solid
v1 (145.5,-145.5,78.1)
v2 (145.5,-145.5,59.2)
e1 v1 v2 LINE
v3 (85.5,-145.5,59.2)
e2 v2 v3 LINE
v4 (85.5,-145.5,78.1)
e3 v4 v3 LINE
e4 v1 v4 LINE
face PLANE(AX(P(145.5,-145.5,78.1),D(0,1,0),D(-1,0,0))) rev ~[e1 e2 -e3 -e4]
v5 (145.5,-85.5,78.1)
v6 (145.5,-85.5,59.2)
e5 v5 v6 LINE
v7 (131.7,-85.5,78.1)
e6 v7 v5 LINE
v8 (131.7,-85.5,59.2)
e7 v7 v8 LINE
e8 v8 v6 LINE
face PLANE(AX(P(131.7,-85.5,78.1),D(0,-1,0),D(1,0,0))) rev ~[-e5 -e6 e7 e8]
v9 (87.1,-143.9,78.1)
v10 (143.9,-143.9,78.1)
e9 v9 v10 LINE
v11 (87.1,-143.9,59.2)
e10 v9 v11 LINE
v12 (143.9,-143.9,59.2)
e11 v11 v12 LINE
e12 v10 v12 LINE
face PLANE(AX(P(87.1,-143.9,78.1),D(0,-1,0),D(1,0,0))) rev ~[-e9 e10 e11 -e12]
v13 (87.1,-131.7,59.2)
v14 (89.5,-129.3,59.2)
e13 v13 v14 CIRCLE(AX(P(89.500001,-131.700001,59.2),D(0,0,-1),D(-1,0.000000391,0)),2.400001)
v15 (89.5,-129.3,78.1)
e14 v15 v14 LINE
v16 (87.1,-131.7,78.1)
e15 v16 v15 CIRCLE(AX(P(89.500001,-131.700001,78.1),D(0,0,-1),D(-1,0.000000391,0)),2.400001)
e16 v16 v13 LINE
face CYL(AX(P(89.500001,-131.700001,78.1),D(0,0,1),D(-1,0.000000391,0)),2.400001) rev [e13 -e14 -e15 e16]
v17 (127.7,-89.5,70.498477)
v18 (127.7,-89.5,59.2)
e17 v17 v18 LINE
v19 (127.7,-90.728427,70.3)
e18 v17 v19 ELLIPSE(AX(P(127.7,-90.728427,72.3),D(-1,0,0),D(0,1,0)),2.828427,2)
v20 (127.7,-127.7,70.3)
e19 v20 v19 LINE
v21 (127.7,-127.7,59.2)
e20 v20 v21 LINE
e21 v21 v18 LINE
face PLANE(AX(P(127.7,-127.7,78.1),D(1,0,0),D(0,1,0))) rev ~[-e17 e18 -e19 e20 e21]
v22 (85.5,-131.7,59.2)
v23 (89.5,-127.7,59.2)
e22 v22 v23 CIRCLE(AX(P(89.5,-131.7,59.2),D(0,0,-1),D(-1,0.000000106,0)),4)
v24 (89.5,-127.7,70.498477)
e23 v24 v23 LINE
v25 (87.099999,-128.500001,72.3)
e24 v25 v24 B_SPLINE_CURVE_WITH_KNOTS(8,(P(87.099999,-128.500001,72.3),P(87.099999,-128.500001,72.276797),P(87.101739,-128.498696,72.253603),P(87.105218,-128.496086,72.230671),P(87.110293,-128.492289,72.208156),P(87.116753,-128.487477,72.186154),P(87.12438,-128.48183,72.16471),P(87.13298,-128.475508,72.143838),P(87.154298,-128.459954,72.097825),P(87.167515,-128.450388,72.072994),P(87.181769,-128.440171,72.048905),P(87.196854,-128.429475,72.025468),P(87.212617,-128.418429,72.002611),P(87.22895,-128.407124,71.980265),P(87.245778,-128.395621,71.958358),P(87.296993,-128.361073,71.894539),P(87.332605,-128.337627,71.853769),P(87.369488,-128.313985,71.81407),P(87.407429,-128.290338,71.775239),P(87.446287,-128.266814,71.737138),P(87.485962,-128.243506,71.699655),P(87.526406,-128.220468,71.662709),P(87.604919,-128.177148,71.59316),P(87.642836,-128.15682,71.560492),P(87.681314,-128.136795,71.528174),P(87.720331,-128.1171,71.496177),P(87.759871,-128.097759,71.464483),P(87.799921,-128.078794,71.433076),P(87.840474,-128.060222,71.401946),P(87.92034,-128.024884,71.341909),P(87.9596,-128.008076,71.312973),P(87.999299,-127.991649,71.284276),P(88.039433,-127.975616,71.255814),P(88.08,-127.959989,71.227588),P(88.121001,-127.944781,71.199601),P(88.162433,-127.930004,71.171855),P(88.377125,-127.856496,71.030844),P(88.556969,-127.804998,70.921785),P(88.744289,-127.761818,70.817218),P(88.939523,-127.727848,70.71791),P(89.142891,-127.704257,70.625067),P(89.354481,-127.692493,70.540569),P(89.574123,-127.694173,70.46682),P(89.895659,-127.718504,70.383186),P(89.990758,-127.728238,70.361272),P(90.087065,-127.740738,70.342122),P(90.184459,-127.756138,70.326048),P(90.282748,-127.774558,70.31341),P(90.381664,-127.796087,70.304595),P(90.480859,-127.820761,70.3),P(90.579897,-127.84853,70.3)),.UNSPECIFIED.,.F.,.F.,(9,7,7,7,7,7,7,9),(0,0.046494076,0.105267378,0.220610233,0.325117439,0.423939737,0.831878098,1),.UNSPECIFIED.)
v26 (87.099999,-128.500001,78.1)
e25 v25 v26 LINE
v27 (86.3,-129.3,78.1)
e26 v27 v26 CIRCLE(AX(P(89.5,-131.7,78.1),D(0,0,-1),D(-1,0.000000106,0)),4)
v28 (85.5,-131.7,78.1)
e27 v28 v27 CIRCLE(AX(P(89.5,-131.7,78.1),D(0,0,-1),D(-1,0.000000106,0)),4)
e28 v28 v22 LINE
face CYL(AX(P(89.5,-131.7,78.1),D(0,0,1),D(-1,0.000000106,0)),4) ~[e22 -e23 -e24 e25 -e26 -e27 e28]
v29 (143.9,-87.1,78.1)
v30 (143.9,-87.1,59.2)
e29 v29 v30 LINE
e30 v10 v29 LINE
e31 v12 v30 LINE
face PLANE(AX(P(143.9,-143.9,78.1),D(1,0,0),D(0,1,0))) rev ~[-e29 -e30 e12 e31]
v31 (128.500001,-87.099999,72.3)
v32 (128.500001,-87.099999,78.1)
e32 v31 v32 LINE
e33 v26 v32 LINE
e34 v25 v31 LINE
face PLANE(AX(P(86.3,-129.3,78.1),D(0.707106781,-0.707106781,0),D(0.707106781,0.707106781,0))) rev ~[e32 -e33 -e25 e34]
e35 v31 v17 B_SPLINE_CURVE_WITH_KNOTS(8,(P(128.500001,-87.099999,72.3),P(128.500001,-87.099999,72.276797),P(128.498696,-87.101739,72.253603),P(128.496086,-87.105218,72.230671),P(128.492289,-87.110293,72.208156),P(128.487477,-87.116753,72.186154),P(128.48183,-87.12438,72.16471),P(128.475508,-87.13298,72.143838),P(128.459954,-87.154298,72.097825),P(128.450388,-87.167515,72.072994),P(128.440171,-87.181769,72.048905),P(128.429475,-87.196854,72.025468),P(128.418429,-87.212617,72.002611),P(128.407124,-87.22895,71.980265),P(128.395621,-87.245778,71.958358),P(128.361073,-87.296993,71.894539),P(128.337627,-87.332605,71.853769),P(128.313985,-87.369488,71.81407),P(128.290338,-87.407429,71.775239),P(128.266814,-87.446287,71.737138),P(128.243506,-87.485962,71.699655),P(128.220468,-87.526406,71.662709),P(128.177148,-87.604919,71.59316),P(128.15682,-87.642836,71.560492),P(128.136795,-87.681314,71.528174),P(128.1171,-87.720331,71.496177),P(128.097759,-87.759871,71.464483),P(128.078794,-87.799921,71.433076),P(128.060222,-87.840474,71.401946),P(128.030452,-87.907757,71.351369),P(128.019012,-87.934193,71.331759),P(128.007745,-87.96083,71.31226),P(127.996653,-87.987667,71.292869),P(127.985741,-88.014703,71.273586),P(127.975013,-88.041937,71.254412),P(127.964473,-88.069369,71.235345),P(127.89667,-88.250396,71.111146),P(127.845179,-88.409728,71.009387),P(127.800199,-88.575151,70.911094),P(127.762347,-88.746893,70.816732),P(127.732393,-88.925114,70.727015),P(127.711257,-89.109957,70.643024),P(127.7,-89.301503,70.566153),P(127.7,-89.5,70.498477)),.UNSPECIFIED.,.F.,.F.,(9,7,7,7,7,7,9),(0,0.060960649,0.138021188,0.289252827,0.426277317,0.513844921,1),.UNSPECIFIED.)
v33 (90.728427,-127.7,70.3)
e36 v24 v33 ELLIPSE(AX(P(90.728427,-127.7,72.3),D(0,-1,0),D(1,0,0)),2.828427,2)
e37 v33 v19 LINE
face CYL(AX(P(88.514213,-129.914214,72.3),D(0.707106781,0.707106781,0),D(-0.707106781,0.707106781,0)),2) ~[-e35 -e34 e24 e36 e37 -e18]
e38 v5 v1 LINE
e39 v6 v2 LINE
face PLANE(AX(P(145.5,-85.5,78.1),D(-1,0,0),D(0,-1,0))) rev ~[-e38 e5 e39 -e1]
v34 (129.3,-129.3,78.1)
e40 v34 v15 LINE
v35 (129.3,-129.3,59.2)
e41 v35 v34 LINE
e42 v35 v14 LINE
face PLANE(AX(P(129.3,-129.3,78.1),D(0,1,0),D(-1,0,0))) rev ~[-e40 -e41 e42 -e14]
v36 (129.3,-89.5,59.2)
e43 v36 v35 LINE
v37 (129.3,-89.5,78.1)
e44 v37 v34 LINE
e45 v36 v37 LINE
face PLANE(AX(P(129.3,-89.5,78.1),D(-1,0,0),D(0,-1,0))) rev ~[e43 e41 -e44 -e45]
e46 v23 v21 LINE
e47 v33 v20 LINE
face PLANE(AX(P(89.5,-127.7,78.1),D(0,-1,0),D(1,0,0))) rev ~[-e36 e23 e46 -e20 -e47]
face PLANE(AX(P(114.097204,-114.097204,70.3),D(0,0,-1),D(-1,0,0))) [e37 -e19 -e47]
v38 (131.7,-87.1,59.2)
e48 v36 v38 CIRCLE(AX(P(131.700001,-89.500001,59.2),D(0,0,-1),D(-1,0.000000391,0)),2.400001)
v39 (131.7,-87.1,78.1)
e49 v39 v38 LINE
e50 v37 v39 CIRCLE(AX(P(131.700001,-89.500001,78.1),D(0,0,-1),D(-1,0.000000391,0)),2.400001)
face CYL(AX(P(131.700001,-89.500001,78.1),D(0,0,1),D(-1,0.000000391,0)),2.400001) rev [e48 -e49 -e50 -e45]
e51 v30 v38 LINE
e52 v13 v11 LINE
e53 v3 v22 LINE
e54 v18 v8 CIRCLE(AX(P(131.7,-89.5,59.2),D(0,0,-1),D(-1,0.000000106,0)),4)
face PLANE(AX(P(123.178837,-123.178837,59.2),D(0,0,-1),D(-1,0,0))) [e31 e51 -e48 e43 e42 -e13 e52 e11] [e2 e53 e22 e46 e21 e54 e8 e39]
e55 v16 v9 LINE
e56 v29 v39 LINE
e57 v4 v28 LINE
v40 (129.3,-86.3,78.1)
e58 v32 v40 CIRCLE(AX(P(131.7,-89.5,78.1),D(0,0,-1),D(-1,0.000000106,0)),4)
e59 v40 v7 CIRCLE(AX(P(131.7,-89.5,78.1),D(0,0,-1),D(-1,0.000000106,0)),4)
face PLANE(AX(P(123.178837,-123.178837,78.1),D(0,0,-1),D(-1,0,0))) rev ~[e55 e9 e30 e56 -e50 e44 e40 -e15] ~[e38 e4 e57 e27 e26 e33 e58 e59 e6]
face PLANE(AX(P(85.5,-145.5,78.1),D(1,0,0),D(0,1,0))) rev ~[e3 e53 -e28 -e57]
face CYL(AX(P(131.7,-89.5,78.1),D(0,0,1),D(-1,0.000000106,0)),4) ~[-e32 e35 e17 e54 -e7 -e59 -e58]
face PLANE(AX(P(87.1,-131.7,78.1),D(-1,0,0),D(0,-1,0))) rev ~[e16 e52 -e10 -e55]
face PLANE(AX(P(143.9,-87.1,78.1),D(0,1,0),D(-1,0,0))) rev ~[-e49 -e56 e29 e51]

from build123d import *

# Parameters (mm, degrees)
PAD079_DEPTH            = 18.9
PAD080_DEPTH            = 7.8
FILLET021_R             = 2
BODY068_PLACEMENT_ANGLE = 180


with BuildPart() as part:
    # Sketch129 → Pad079 (new body)
    with BuildSketch(Plane.XY):
        with BuildLine():
            Line((-30, 30), (-30, -30))
            Line((-30, -30), (30, -30))
            Line((30, -30), (30, -16.2))
            ThreePointArc((30, -16.2), (28.828427, -13.371573), (26, -12.2))
            Line((26, -12.2), (-12.2, -12.2))
            Line((-12.2, -12.2), (-12.2, 26))
            ThreePointArc((-12.2, 26), (-13.371573, 28.828427), (-16.2, 30))
            Line((-16.2, 30), (-30, 30))
        make_face()
        with BuildLine():
            Line((-28.4, 28.4), (-16.2, 28.4))
            ThreePointArc((-13.8, 26), (-14.502944, 27.697056), (-16.2, 28.4))
            Line((-13.8, 26), (-13.8, -13.8))
            Line((-13.8, -13.8), (26, -13.8))
            ThreePointArc((28.4, -16.2), (27.697056, -14.502944), (26, -13.8))
            Line((28.4, -16.2), (28.4, -28.4))
            Line((28.4, -28.4), (-28.4, -28.4))
            Line((-28.4, -28.4), (-28.4, 28.4))
        make_face(mode=Mode.SUBTRACT)
    extrude(amount=PAD079_DEPTH)

    # Sketch130 → Pad080 (join)
    with BuildSketch(Plane.XY):
        Polygon((-13.8, 29.2), (-13.8, -13.8), (29.2, -13.8), align=None)
    extrude(amount=PAD080_DEPTH)

    # Fillet021
    fillet021_edges = [part.edges().sort_by_distance(p)[0] for p in [
        (7.7, 7.7, 7.8),
    ]]
    fillet(fillet021_edges, radius=FILLET021_R)


with BuildPart() as part_1:
    # Body068 placement: moved
    add(part.part.moved(Location((115.5, -115.5, 78.1))).rotate(Axis((115.5, -115.5, 78.1), (0, 1, 0)), BODY068_PLACEMENT_ANGLE))


solid = part_1.part
